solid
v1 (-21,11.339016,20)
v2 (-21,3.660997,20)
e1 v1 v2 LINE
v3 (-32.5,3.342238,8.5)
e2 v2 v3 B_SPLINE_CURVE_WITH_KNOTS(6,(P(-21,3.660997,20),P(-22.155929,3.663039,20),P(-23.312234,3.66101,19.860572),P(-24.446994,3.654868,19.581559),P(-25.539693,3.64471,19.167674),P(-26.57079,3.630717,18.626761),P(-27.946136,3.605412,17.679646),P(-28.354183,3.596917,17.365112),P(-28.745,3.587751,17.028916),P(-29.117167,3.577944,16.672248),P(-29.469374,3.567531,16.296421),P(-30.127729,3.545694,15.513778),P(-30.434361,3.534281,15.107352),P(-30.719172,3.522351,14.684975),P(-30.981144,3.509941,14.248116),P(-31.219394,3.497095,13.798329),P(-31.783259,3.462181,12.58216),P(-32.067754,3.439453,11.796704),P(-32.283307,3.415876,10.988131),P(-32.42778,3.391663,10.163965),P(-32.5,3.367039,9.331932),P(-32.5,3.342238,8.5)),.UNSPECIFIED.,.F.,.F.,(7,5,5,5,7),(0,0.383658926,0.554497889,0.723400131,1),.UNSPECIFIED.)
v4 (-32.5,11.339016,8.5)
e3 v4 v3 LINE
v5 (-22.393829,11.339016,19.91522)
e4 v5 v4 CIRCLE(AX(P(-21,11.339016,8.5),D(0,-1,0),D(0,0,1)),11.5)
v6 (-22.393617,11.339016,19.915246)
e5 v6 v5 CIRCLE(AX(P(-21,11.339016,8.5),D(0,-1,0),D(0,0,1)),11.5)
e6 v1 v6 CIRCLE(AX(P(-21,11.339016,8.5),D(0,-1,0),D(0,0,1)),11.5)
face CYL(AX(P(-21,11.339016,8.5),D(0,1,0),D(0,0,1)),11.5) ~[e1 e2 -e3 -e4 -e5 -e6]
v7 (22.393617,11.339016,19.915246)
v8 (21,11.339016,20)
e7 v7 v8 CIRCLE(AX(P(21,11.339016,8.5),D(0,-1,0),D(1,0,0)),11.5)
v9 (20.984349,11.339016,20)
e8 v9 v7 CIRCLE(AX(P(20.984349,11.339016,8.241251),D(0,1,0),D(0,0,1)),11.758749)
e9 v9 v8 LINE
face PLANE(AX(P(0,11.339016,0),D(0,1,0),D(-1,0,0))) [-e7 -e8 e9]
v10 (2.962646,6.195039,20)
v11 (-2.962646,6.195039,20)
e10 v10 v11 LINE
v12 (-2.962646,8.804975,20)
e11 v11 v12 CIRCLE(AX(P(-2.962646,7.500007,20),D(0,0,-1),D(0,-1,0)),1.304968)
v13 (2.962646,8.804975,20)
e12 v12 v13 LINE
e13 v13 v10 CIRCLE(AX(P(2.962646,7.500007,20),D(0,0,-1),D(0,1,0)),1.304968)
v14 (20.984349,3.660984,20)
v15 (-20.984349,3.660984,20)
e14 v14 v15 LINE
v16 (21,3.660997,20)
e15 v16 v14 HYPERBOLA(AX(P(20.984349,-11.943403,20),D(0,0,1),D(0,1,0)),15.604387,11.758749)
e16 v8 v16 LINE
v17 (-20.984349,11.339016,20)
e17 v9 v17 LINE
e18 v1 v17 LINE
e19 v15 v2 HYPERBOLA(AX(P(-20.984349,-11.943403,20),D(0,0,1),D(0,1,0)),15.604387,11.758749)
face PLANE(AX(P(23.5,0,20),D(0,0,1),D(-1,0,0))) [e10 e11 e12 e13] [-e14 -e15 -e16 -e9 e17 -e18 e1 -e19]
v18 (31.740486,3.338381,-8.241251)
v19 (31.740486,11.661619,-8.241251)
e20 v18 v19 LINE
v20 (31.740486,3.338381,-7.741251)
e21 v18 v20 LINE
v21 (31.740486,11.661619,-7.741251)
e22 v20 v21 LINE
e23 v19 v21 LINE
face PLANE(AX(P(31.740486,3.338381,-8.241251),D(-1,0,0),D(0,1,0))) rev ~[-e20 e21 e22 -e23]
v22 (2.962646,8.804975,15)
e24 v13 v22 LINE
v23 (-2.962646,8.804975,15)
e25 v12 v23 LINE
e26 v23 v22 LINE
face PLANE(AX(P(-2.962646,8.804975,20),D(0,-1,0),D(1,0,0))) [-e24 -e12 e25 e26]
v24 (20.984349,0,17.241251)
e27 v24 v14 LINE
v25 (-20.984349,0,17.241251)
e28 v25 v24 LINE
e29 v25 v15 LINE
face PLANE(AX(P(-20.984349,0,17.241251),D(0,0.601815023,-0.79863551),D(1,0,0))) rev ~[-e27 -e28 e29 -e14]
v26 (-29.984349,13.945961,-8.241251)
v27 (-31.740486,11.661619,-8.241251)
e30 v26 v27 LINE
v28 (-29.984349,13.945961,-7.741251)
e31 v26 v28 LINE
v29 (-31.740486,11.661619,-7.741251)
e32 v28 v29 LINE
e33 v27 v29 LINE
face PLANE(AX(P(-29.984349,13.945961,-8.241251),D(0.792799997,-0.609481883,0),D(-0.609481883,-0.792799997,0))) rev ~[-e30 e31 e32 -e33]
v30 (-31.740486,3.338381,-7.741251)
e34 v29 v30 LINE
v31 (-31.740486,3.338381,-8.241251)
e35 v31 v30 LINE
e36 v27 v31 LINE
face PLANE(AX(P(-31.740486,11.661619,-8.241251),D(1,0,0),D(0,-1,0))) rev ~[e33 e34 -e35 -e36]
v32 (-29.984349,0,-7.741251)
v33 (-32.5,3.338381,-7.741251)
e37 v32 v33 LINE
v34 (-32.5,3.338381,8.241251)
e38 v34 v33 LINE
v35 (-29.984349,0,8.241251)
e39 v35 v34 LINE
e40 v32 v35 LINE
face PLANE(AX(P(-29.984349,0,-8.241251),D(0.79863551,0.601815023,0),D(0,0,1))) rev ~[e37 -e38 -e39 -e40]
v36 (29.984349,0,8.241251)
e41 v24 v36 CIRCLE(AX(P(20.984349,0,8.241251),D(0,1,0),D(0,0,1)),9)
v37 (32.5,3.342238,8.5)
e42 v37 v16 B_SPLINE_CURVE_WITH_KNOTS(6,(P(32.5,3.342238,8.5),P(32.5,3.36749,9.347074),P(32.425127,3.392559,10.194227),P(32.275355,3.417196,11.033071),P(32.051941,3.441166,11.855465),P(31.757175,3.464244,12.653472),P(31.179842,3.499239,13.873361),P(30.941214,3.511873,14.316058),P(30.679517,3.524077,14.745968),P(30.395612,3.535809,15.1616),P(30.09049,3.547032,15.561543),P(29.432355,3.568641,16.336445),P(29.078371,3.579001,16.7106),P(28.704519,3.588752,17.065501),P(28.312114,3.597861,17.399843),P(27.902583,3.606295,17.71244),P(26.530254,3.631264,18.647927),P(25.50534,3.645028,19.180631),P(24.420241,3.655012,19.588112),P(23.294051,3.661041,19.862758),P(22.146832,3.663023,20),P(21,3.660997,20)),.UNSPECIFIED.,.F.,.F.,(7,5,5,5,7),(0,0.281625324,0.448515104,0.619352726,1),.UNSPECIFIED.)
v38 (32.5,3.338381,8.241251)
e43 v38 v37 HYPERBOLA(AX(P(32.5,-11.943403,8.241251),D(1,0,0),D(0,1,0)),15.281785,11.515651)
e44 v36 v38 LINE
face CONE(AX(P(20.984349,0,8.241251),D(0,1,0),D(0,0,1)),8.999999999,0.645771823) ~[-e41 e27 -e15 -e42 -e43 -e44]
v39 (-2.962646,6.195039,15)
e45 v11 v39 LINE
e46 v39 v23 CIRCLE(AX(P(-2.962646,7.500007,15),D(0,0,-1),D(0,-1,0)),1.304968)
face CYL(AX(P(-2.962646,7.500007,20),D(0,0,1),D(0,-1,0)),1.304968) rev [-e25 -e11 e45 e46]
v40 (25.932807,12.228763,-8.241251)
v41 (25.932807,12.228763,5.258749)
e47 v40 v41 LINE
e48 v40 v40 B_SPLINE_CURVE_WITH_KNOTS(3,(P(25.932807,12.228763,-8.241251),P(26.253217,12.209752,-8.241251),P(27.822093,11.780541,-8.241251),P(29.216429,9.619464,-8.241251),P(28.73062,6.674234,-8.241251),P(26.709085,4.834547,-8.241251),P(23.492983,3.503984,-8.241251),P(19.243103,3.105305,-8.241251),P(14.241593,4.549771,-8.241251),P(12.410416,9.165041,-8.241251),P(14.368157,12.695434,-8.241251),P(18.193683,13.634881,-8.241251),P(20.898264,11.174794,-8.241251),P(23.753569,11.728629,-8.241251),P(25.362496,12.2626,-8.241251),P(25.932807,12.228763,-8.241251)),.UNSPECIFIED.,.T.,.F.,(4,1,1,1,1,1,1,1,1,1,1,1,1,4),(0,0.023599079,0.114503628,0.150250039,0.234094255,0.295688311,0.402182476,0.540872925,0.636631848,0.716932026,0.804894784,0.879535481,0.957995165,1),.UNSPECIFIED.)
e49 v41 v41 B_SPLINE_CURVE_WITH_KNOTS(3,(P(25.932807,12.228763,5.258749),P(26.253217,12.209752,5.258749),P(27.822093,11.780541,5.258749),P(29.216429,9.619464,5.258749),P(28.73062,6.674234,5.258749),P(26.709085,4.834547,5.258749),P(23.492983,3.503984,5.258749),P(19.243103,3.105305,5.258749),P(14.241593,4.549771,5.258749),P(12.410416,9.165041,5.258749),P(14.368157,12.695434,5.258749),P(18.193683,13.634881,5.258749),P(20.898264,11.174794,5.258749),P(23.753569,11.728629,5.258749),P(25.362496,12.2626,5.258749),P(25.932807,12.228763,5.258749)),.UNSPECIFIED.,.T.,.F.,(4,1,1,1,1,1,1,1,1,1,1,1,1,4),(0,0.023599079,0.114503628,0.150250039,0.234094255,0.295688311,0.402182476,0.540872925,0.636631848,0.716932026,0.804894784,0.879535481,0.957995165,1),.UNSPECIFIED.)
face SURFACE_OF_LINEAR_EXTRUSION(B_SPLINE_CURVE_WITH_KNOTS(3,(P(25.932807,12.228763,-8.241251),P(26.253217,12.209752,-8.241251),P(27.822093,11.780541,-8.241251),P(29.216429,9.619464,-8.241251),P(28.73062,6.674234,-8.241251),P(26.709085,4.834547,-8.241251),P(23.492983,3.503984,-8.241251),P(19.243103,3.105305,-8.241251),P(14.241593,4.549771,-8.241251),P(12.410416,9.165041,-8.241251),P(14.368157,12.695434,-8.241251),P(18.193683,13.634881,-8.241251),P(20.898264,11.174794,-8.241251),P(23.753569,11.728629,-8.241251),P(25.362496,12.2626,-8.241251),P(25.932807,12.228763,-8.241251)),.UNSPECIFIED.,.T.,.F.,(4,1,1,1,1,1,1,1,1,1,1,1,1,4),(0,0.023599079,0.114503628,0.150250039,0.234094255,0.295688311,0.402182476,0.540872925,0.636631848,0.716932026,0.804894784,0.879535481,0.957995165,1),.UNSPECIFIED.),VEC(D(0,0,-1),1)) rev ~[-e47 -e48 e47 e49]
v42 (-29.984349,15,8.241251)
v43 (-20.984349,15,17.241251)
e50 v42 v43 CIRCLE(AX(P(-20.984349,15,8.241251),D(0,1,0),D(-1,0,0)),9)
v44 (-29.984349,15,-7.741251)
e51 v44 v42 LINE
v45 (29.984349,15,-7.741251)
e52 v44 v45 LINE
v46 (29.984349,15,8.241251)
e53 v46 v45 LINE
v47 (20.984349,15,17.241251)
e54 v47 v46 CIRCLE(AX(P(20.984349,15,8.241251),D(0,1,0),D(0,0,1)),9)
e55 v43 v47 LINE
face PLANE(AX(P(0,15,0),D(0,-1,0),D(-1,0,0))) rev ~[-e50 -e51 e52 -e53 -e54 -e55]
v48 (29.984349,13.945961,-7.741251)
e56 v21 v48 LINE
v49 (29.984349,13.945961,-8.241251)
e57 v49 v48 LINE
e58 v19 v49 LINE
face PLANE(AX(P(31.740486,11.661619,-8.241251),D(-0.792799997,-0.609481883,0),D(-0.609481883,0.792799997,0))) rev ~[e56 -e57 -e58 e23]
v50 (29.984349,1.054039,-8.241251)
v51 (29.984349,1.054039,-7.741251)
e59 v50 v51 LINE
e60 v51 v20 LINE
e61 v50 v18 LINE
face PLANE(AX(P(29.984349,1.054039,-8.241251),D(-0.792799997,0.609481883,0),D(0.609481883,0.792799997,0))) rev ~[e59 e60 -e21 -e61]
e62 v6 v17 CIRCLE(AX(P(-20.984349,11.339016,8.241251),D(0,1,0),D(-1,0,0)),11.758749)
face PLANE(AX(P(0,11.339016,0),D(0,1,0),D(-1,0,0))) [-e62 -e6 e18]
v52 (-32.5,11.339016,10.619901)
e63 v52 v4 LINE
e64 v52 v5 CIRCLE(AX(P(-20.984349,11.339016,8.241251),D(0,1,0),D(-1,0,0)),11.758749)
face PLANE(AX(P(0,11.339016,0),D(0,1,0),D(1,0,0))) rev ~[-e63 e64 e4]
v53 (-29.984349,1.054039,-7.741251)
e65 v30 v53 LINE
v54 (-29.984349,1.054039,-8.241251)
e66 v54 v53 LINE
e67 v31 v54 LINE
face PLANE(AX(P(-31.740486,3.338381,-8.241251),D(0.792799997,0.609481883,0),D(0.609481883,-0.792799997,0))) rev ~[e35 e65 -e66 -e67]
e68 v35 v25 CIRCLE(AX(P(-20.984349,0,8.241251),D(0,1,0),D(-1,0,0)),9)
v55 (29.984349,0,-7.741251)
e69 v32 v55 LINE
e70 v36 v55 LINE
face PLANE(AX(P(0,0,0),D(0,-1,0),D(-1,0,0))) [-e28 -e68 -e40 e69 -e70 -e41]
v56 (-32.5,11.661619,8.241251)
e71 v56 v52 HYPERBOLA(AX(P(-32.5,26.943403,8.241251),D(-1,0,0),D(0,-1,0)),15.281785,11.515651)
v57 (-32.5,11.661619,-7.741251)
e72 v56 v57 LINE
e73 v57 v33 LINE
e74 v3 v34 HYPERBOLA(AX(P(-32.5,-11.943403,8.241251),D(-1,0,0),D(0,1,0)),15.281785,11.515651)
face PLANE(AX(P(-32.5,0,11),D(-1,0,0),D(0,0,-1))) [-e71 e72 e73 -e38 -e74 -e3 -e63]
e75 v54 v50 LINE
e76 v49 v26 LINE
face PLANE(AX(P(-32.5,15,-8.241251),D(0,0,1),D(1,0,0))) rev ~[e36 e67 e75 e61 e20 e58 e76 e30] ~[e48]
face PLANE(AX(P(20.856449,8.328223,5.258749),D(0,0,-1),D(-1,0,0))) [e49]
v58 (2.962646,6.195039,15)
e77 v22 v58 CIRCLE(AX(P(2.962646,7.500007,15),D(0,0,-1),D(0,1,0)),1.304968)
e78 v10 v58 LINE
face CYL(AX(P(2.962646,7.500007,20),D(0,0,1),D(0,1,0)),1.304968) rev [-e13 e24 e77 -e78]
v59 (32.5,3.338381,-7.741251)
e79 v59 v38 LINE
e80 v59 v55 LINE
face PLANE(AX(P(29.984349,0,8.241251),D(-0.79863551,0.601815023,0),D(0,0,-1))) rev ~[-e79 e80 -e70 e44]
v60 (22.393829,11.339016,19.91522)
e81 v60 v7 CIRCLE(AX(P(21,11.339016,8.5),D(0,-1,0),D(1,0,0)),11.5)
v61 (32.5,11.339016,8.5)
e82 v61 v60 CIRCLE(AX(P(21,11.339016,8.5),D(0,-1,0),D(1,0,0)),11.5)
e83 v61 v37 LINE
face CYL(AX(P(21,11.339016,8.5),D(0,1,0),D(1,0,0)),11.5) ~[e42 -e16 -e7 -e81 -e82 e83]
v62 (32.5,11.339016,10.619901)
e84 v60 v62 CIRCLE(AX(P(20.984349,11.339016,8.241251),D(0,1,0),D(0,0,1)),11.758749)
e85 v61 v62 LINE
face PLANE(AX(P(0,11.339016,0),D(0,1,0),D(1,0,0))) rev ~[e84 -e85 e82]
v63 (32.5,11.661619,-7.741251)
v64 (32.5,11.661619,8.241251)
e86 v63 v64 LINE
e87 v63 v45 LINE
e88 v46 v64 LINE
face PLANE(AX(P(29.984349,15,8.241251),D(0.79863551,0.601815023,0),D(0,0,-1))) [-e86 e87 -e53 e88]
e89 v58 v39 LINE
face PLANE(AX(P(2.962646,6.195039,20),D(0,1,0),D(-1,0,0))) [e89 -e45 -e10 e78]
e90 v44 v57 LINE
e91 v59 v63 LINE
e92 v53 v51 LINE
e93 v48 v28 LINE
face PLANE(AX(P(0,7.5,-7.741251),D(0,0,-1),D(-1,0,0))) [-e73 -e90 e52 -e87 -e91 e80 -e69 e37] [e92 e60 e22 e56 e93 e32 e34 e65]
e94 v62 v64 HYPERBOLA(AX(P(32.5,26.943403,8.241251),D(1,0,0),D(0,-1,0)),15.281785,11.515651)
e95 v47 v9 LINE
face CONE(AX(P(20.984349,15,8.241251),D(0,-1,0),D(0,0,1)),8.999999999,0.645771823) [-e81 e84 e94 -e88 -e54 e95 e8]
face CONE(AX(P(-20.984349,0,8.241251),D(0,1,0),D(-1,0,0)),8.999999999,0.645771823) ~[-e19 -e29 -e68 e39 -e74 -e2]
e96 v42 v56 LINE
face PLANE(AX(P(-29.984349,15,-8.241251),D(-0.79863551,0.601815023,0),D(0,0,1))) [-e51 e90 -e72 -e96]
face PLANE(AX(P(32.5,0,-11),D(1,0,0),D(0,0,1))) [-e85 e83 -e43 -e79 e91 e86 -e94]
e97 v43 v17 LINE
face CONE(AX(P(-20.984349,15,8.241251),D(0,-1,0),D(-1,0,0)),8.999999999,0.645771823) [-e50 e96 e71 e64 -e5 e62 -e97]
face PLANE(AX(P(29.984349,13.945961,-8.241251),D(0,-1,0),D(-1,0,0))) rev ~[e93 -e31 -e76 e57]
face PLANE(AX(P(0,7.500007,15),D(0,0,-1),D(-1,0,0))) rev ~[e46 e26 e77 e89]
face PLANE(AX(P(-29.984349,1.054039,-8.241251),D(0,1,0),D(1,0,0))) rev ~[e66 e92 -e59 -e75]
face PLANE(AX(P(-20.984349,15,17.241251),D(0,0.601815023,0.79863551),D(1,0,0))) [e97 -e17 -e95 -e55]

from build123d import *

# Parameters (mm, degrees)
BOSS_EXTRUDE1_DEPTH     = 15
SKETCH16_OUTSIDE_W      = 100.748
SKETCH16_OUTSIDE_H      = 75.748
CUT_EXTRUDE6_DEPTH      = 12.07
CUT_EXTRUDE6_DRAFT      = -37
BOSS_EXTRUDE5_DEPTH     = 11.339016
SKETCH19_OUTSIDE_W      = 82.556
SKETCH19_OUTSIDE_H      = 57.556
CUT_EXTRUDE7_DEPTH      = 12.07
MIRROR2_COPY_1_SKETCH_W = 100.748
MIRROR2_COPY_1_SKETCH_H = 75.748
MIRROR2_COPY_1_DEPTH    = 12.07
MIRROR2_COPY_1_DRAFT    = -37
CUT_EXTRUDE8_DEPTH      = 5
SKETCH21_W              = 65
SKETCH21_H              = 14.789798151
CUT_EXTRUDE9_DEPTH      = 42.003048923
SKETCH24_OUTSIDE_W      = 81.488
SKETCH24_OUTSIDE_H      = 31.488
CUT_EXTRUDE10_DEPTH     = 0.5
CUT_EXTRUDE11_DEPTH     = 13.5


with BuildPart() as part:
    # Sketch2 → Boss-Extrude1 (new body)
    with BuildSketch(Plane(origin=(0, 0, 0), x_dir=(1, 0, 0), z_dir=(0, 1, 0))):
        with BuildLine():
            Line((32.5, 11), (32.5, -11))
            ThreePointArc((32.5, -11), (29.863961031, -17.363961031), (23.5, -20))
            Line((23.5, -20), (-23.5, -20))
            ThreePointArc((-23.5, -20), (-29.863961031, -17.363961031), (-32.5, -11))
            Line((-32.5, -11), (-32.5, 11))
            ThreePointArc((-32.5, 11), (-29.863961031, 17.363961031), (-23.5, 20))
            Line((-23.5, 20), (23.5, 20))
            ThreePointArc((23.5, 20), (29.863961031, 17.363961031), (32.5, 11))
        make_face()
    extrude(amount=BOSS_EXTRUDE1_DEPTH)


with BuildPart() as cut_extrude6_tool:
    # Sketch16 outside → Cut-Extrude6 (with draft: the straight prism first)
    with BuildSketch(Plane(origin=(0, 15, 0), x_dir=(1, 0, 0), z_dir=(0, 1, 0))):
        Rectangle(SKETCH16_OUTSIDE_W, SKETCH16_OUTSIDE_H)
        with BuildLine():
            ThreePointArc((20.98434934, -17.241250967), (27.348310371, -14.605211998), (29.98434934, -8.241250967))
            Line((29.98434934, -8.241250967), (29.98434934, 8.241250967))
            ThreePointArc((29.98434934, 8.241250967), (27.348310371, 14.605211998), (20.98434934, 17.241250967))
            Line((20.98434934, 17.241250967), (-20.98434934, 17.241250967))
            ThreePointArc((-20.98434934, 17.241250967), (-27.348310371, 14.605211998), (-29.98434934, 8.241250967))
            Line((-29.98434934, 8.241250967), (-29.98434934, -8.241250967))
            ThreePointArc((-29.98434934, -8.241250967), (-27.348310371, -14.605211998), (-20.98434934, -17.241250967))
            Line((-20.98434934, -17.241250967), (20.98434934, -17.241250967))
        make_face(mode=Mode.SUBTRACT)
    extrude(amount=-CUT_EXTRUDE6_DEPTH)
    # Cut-Extrude6: the draft: its side faces are tilted about the plane it starts from
    cut_extrude6_sides = [cut_extrude6_tool.faces().sort_by_distance(p)[0] for p in [
        (0, 8.965, 37.874),
        (50.374, 8.965, 0),
        (0, 8.965, -37.874),
        (-50.374, 8.965, 0),
        (0, 8.965, 17.241250967),
        (-27.348310371, 8.965, 14.605211998),
        (-29.98434934, 8.965, 0),
        (-27.348310371, 8.965, -14.605211998),
        (0, 8.965, -17.241250967),
        (27.348310371, 8.965, -14.605211998),
        (29.98434934, 8.965, 0),
        (27.348310371, 8.965, 14.605211998),
    ]]
    draft(cut_extrude6_sides, Plane(origin=(0, 15, 0), x_dir=(1, 0, 0), z_dir=(0, 1, 0)), CUT_EXTRUDE6_DRAFT)


with BuildPart() as part_1:
    add(part.part)

    # Cut-Extrude6: cut by cut_extrude6_tool
    add(cut_extrude6_tool.part, mode=Mode.SUBTRACT)

    # Sketch17 → Boss-Extrude5 (add)
    with BuildSketch(Plane.XZ):
        with BuildLine():
            Line((23.5, -20), (-23.5, -20))
            ThreePointArc((-23.5, -20), (-29.863961031, -17.363961031), (-32.5, -11))
            Line((-32.5, -11), (-32.5, 11))
            ThreePointArc((-32.5, 11), (-29.863961031, 17.363961031), (-23.5, 20))
            Line((-23.5, 20), (23.5, 20))
            ThreePointArc((23.5, 20), (29.863961031, 17.363961031), (32.5, 11))
            Line((32.5, 11), (32.5, -11))
            ThreePointArc((32.5, -11), (29.863961031, -17.363961031), (23.5, -20))
        make_face()
    extrude(amount=-BOSS_EXTRUDE5_DEPTH)

    # Sketch19 outside → Cut-Extrude7 (cut)
    with BuildSketch(Plane(origin=(0, 11.339016382, 0), x_dir=(1, 0, 0), z_dir=(0, 1, 0))):
        Rectangle(SKETCH19_OUTSIDE_W, SKETCH19_OUTSIDE_H)
        with BuildLine():
            Line((21, -20), (-21, -20))
            ThreePointArc((-21, -20), (-29.131727984, -16.631727984), (-32.5, -8.5))
            Line((-32.5, -8.5), (-32.5, 8.5))
            ThreePointArc((-32.5, 8.5), (-29.131727984, 16.631727984), (-21, 20))
            Line((-21, 20), (21, 20))
            ThreePointArc((21, 20), (29.131727984, 16.631727984), (32.5, 8.5))
            Line((32.5, 8.5), (32.5, -8.5))
            ThreePointArc((32.5, -8.5), (29.131727984, -16.631727984), (21, -20))
        make_face(mode=Mode.SUBTRACT)
    extrude(amount=-CUT_EXTRUDE7_DEPTH, mode=Mode.SUBTRACT)


with BuildPart() as mirror2_copy_1_tool:
    # Mirror2 copy 1 sketch → Mirror2 copy 1 (with draft: the straight prism first)
    with BuildSketch(Plane.XZ):
        Rectangle(MIRROR2_COPY_1_SKETCH_W, MIRROR2_COPY_1_SKETCH_H)
        with BuildLine():
            ThreePointArc((20.98434934, 17.241250967), (27.348310371, 14.605211998), (29.98434934, 8.241250967))
            Line((29.98434934, 8.241250967), (29.98434934, -8.241250967))
            ThreePointArc((29.98434934, -8.241250967), (27.348310371, -14.605211998), (20.98434934, -17.241250967))
            Line((20.98434934, -17.241250967), (-20.98434934, -17.241250967))
            ThreePointArc((-20.98434934, -17.241250967), (-27.348310371, -14.605211998), (-29.98434934, -8.241250967))
            Line((-29.98434934, -8.241250967), (-29.98434934, 8.241250967))
            ThreePointArc((-29.98434934, 8.241250967), (-27.348310371, 14.605211998), (-20.98434934, 17.241250967))
            Line((-20.98434934, 17.241250967), (20.98434934, 17.241250967))
        make_face(mode=Mode.SUBTRACT)
    extrude(amount=-MIRROR2_COPY_1_DEPTH)
    # Mirror2 copy 1: the draft: its side faces are tilted about the plane it starts from
    mirror2_copy_1_sides = [mirror2_copy_1_tool.faces().sort_by_distance(p)[0] for p in [
        (0, 6.035, 37.874),
        (50.374, 6.035, 0),
        (0, 6.035, -37.874),
        (-50.374, 6.035, 0),
        (0, 6.035, 17.241250967),
        (-27.348310371, 6.035, 14.605211998),
        (-29.98434934, 6.035, 0),
        (-27.348310371, 6.035, -14.605211998),
        (0, 6.035, -17.241250967),
        (27.348310371, 6.035, -14.605211998),
        (29.98434934, 6.035, 0),
        (27.348310371, 6.035, 14.605211998),
    ]]
    draft(mirror2_copy_1_sides, Plane.XZ, MIRROR2_COPY_1_DRAFT)


with BuildPart() as part_2:
    add(part_1.part)

    # Mirror2 copy 1: cut by mirror2_copy_1_tool
    add(mirror2_copy_1_tool.part, mode=Mode.SUBTRACT)

    # Sketch20 → Cut-Extrude8 (cut)
    with BuildSketch(Plane.XY.offset(20)):
        with BuildLine():
            Line((-2.962646441, 8.804975218), (2.962646441, 8.804975218))
            ThreePointArc((2.962646441, 8.804975218), (4.267614748, 7.500006911), (2.962646441, 6.195038604))
            Line((2.962646441, 6.195038604), (-2.962646441, 6.195038604))
            ThreePointArc((-2.962646441, 6.195038604), (-4.267614748, 7.500006911), (-2.962646441, 8.804975218))
        make_face()
    extrude(amount=-CUT_EXTRUDE8_DEPTH, mode=Mode.SUBTRACT)

    # Sketch21 → Cut-Extrude9 (cut, through all)
    with BuildSketch(Plane(origin=(0, 15, 0), x_dir=(1, 0, 0), z_dir=(0, 1, 0))):
        with Locations((0, 15.636150043)):
            Rectangle(SKETCH21_W, SKETCH21_H)
    extrude(amount=-CUT_EXTRUDE9_DEPTH, mode=Mode.SUBTRACT)

    # Sketch24 outside → Cut-Extrude10 (cut)
    with BuildSketch(Plane(origin=(0, 0, -8.241250967), x_dir=(-1, 0, 0), z_dir=(0, 0, -1))):
        with Locations((0, 7.5)):
            Rectangle(SKETCH24_OUTSIDE_W, SKETCH24_OUTSIDE_H)
        Polygon((-29.98434934, 13.945961387), (29.98434934, 13.945961387), (31.740486343, 11.661618818), (31.740486343, 3.338381182), (29.98434934, 1.054038613), (-29.98434934, 1.054038613), (-31.740486343, 3.338381182), (-31.740486343, 11.661618818), align=None, mode=Mode.SUBTRACT)
    extrude(amount=-CUT_EXTRUDE10_DEPTH, mode=Mode.SUBTRACT)

    # Sketch26 → Cut-Extrude11 (cut)
    with BuildSketch(Plane(origin=(0, 0, -8.241250967), x_dir=(-1, 0, 0), z_dir=(0, 0, -1))):
        with BuildLine():
            add(Edge.make_bspline(
                [(-25.932806516, 12.228762985), (-26.253217146, 12.209752493), (-27.822093228, 11.780540758), (-29.216428948, 9.619463608), (-28.730620115, 6.674234407), (-26.709085002, 4.834547367), (-23.492982534, 3.503984265), (-19.243103208, 3.105305441), (-14.241593476, 4.549770855), (-12.410415887, 9.165041374), (-14.368157257, 12.695434028), (-18.193683135, 13.634880641), (-20.898264257, 11.174794227), (-23.753569207, 11.728629255), (-25.362496316, 12.262600432), (-25.932806516, 12.228762985)],
                knots=[0, 0, 0, 0, 0.023599079, 0.114503628, 0.150250039, 0.234094255, 0.295688311, 0.402182476, 0.540872925, 0.636631848, 0.716932026, 0.804894784, 0.879535481, 0.957995165, 1, 1, 1, 1], degree=3))
        make_face()
    extrude(amount=-CUT_EXTRUDE11_DEPTH, mode=Mode.SUBTRACT)


solid = part_2.part
